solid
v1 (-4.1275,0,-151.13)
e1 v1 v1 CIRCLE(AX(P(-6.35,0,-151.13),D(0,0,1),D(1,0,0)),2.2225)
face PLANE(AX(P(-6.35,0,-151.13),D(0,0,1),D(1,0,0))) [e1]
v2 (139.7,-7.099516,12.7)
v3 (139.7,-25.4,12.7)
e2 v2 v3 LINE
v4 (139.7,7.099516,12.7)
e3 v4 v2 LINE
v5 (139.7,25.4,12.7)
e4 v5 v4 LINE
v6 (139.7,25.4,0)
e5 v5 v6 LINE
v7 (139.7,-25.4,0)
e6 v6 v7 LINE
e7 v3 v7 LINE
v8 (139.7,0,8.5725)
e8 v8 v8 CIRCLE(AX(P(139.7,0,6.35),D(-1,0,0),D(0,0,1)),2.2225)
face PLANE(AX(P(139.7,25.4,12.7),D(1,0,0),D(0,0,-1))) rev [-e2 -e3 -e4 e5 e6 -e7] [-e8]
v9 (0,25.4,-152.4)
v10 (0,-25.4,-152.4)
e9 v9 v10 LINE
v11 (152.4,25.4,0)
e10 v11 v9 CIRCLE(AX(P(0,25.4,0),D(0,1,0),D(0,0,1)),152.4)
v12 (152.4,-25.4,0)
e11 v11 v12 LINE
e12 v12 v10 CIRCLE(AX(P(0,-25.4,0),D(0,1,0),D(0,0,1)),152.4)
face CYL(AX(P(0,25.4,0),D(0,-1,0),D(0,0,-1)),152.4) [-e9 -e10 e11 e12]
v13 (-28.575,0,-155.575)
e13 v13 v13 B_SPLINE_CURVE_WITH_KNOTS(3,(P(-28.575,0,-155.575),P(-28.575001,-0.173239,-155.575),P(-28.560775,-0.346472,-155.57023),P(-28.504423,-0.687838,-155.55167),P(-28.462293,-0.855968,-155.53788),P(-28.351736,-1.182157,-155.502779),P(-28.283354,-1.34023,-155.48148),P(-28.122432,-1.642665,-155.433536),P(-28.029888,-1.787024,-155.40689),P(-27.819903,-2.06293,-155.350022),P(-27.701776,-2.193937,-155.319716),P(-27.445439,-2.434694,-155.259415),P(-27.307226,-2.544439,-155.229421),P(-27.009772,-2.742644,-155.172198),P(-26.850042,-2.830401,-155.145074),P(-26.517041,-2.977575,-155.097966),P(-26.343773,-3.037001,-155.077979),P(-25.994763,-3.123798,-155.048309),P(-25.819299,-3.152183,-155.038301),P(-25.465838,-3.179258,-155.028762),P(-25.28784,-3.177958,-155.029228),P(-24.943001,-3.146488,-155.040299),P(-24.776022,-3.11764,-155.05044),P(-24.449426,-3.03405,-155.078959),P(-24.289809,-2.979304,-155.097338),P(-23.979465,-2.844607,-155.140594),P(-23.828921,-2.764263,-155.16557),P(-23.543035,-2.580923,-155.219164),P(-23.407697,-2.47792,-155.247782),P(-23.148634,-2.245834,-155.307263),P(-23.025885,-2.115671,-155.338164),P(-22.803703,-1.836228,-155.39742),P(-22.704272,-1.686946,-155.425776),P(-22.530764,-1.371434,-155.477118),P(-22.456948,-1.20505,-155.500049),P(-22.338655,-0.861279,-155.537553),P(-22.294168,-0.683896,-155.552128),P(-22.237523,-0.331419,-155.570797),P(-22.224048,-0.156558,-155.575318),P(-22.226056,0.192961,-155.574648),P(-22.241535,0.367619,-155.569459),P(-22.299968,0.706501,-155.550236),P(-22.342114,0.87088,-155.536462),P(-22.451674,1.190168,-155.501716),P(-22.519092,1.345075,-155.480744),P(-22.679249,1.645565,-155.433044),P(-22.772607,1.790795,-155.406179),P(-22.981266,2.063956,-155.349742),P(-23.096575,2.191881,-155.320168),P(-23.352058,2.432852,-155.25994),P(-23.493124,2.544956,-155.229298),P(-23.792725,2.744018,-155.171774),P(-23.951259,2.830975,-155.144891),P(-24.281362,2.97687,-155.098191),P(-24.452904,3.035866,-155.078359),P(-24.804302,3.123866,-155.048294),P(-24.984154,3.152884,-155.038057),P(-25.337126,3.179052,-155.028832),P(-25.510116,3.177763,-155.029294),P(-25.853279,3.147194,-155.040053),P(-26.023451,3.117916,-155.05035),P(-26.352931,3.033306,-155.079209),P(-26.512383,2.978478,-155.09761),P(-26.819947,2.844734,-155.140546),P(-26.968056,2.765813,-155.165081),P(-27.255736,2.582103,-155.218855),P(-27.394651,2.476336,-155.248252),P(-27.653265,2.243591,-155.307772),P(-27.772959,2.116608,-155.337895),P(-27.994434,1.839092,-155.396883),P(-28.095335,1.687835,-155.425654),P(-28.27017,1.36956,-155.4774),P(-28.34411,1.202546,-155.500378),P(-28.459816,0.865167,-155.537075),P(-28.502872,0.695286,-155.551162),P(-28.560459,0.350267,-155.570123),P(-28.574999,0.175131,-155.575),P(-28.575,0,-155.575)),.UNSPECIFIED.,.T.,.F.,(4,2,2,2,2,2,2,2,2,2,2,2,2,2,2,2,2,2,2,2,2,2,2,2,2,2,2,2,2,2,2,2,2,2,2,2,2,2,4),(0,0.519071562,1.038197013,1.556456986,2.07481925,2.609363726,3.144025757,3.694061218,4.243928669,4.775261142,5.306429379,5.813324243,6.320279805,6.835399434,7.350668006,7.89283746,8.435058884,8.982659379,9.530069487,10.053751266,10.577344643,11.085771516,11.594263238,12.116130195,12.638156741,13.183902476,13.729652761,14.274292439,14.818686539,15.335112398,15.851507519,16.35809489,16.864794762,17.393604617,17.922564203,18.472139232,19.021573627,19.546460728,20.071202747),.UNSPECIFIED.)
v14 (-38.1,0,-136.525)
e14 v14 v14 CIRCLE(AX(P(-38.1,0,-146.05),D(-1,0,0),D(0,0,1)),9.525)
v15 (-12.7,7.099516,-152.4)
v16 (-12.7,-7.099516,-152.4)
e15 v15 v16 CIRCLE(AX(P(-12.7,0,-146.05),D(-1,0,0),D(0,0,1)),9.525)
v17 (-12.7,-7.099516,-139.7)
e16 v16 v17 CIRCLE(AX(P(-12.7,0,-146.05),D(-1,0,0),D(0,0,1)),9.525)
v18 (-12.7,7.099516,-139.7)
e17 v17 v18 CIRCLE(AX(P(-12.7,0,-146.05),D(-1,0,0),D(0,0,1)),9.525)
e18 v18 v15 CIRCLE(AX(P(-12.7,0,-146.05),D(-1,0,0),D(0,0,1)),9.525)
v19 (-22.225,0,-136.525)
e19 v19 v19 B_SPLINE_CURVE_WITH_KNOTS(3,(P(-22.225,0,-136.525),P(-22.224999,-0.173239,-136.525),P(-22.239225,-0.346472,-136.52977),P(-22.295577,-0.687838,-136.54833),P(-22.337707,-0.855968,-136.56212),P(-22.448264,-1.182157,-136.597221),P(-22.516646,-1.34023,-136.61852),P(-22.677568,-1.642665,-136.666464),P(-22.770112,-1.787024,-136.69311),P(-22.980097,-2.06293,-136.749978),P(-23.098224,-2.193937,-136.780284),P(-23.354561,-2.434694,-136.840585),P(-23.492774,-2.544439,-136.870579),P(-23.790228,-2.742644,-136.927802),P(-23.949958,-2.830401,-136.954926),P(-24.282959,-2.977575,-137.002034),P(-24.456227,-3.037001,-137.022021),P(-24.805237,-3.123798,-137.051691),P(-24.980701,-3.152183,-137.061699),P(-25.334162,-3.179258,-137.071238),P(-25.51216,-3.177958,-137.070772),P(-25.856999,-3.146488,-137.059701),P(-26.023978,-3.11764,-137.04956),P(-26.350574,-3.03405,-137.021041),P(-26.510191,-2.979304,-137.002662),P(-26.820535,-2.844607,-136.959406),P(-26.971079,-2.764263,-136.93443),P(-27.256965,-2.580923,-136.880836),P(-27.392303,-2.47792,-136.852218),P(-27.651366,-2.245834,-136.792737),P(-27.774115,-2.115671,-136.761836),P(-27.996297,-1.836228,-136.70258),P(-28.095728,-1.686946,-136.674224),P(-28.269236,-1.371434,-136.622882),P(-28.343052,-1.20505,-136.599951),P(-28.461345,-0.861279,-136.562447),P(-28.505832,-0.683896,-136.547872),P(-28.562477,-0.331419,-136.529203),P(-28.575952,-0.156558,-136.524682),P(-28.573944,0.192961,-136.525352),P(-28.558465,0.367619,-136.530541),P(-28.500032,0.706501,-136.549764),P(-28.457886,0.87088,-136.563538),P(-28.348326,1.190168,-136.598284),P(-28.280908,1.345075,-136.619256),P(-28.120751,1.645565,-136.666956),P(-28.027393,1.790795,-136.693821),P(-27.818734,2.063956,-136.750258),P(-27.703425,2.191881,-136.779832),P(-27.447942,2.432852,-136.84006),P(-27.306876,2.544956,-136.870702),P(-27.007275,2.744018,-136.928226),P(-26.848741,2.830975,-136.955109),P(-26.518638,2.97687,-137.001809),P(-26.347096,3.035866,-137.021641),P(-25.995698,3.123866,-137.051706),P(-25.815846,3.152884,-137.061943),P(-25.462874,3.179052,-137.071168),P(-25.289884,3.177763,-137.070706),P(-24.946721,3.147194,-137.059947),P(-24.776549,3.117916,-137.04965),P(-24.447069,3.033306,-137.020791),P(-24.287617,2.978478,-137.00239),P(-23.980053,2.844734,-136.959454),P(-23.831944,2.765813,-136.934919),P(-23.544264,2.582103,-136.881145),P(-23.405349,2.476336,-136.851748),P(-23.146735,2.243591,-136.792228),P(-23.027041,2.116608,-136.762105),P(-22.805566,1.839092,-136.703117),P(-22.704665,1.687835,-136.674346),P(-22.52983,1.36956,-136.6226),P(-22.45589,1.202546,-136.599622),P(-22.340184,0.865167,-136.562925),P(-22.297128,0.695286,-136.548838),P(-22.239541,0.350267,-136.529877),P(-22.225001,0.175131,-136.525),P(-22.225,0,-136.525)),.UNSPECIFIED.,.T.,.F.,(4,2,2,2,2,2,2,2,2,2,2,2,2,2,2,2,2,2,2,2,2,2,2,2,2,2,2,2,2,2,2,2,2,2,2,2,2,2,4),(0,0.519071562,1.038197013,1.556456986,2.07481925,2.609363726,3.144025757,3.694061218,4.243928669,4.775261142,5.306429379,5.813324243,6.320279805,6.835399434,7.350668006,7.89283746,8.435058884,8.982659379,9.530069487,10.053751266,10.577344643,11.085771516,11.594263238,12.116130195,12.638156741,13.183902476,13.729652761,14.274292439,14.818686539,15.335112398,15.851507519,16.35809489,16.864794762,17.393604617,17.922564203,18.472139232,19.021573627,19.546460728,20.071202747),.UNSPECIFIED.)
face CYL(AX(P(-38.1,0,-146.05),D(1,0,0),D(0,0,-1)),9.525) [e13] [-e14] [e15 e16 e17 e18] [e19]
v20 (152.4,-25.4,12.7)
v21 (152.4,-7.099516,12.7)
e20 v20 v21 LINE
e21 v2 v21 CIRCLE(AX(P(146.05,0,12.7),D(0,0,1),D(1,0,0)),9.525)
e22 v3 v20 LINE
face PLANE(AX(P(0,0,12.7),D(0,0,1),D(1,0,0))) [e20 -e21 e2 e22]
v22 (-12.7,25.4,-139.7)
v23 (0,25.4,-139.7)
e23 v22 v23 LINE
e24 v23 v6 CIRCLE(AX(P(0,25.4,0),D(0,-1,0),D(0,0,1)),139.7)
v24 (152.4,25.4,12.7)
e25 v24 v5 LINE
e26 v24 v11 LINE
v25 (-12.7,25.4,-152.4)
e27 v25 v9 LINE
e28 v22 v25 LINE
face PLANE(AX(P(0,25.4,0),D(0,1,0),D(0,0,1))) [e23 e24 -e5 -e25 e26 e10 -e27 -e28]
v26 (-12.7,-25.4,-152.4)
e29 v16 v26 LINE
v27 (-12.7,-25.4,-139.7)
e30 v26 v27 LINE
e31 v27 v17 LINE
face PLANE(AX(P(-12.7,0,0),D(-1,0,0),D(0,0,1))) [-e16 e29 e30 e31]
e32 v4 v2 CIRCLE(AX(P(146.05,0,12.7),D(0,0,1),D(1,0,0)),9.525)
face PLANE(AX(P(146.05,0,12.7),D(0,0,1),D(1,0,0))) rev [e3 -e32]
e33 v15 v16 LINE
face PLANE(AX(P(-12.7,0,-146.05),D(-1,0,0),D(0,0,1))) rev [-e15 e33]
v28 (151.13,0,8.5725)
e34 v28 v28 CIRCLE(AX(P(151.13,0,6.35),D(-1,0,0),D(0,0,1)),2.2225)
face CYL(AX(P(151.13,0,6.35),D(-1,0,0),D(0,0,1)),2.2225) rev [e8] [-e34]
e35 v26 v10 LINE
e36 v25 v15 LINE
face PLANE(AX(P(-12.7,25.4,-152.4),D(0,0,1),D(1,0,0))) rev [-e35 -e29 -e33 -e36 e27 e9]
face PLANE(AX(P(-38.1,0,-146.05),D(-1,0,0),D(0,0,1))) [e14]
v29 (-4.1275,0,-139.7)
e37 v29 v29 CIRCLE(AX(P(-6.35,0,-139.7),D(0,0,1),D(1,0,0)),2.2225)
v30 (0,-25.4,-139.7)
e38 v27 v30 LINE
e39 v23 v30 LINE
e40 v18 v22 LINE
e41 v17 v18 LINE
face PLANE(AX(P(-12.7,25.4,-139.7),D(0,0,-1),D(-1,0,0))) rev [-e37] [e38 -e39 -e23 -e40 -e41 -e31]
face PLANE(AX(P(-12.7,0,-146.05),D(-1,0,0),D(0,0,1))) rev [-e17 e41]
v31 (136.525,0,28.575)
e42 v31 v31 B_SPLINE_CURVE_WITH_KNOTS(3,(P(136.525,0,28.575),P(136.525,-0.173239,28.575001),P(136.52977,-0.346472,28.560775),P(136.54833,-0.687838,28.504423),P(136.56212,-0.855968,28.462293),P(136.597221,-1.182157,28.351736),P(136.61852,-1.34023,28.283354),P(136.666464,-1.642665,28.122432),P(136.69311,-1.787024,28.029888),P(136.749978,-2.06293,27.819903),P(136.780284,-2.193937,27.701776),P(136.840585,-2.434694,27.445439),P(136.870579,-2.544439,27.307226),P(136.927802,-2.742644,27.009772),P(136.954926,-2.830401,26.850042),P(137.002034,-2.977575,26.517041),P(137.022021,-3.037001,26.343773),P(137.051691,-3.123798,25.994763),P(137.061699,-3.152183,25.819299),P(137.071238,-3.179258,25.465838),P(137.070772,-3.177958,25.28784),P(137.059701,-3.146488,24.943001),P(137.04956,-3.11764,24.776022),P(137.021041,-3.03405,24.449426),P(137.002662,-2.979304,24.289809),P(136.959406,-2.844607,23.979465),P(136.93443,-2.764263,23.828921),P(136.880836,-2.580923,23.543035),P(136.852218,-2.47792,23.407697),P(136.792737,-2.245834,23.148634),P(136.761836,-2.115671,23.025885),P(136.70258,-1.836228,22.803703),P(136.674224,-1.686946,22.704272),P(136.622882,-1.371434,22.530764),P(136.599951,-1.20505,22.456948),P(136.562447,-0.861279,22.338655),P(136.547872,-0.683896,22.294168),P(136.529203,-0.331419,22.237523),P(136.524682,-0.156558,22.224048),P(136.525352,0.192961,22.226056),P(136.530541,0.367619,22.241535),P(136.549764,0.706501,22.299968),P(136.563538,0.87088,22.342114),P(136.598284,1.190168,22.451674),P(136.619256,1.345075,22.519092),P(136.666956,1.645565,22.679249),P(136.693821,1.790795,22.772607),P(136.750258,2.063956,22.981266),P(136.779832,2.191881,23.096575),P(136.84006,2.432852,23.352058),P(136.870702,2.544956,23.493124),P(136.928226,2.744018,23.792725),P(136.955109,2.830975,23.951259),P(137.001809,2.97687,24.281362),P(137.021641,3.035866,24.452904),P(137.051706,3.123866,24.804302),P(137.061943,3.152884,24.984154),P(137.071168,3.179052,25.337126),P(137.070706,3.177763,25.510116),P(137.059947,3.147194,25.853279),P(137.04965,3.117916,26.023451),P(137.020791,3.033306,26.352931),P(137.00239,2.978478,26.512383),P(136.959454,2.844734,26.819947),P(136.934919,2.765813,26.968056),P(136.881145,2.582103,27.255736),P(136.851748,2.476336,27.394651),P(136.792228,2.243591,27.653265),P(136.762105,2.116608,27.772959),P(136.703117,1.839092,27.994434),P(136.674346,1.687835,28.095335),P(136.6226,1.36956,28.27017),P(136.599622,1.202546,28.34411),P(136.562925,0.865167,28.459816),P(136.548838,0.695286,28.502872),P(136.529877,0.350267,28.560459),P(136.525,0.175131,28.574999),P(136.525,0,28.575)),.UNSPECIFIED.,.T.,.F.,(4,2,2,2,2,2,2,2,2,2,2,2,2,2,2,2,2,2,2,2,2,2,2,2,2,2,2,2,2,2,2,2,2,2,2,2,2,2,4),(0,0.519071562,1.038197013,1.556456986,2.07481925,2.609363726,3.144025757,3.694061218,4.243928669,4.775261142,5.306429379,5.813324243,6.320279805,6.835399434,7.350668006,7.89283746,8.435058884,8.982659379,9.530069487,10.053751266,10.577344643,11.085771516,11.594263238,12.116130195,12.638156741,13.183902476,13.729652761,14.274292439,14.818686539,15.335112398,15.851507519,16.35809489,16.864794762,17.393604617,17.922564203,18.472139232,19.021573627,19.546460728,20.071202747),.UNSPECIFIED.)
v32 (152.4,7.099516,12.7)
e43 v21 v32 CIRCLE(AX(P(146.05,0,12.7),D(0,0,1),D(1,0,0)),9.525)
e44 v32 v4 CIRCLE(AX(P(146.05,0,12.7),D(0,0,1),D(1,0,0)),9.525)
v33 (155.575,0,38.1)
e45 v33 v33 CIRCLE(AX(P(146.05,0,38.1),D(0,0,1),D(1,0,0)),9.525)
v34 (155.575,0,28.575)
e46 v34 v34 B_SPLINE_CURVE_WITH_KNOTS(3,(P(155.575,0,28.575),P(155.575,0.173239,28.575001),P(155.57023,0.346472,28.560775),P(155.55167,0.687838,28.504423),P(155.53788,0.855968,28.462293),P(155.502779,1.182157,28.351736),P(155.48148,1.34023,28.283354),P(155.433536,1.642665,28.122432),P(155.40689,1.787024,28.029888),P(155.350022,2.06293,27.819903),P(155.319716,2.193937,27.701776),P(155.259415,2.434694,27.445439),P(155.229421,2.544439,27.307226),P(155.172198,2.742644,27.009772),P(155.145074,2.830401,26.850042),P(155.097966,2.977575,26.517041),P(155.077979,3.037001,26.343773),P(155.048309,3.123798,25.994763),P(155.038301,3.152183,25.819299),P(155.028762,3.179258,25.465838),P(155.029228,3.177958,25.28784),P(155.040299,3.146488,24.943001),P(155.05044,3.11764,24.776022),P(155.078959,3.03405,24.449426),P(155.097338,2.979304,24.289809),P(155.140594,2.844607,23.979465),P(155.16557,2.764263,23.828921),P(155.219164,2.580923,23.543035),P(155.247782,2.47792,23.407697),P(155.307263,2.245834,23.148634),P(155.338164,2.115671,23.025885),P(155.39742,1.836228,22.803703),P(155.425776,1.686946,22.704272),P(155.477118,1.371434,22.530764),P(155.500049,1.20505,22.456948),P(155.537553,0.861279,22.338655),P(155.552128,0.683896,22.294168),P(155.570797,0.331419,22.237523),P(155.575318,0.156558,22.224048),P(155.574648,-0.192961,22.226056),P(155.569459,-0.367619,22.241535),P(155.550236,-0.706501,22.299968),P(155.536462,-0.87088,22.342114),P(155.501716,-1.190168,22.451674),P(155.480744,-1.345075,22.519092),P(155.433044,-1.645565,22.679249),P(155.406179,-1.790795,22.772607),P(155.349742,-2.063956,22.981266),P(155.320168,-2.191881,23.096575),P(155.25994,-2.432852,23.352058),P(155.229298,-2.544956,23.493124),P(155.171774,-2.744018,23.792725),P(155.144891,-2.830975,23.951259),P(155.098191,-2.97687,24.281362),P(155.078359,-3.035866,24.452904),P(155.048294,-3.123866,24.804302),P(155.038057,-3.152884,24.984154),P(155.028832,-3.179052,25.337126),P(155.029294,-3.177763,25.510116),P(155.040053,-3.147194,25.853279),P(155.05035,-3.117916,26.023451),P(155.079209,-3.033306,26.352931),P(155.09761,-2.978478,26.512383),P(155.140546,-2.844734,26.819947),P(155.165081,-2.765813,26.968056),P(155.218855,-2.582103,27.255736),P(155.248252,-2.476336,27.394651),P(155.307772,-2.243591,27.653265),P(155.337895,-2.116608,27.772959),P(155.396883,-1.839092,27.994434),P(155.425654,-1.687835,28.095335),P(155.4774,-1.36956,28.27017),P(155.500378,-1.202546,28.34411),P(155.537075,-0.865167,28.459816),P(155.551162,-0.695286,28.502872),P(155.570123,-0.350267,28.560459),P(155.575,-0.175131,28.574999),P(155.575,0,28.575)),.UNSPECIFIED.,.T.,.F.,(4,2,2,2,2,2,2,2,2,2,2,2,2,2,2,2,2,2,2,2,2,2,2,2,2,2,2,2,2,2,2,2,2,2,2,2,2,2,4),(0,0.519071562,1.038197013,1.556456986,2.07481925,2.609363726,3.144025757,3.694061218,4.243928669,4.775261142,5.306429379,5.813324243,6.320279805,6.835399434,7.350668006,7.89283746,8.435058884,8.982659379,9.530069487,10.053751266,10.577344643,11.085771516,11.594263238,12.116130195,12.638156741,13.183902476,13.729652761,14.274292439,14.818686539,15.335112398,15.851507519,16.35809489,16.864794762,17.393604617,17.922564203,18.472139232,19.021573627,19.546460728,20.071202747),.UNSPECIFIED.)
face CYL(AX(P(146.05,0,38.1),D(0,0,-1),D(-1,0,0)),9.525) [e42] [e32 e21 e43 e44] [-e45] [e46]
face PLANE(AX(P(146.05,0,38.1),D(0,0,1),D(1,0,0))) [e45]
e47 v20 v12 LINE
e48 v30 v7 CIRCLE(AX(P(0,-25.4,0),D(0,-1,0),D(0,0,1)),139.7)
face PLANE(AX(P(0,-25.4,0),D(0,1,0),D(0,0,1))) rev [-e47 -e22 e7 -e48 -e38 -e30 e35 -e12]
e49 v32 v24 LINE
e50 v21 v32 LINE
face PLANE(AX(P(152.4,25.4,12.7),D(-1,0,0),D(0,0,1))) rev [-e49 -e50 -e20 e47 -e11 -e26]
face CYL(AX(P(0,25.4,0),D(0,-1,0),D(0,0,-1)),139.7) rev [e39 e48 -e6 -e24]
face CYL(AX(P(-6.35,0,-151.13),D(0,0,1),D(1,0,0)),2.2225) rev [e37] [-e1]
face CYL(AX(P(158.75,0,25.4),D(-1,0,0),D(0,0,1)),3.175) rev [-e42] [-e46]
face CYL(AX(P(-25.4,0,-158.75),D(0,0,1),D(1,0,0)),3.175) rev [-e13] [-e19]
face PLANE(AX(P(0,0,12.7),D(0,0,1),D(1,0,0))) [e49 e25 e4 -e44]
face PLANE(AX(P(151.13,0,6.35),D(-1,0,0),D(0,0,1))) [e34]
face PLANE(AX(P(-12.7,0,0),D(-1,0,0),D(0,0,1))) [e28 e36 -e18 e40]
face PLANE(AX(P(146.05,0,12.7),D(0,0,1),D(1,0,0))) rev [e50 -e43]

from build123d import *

# Parameters (mm, degrees)
BOSS_EXTRUDE1_DEPTH = 25.4
SKETCH2_W           = 12.7
SKETCH2_H           = 50.8
BOSS_EXTRUDE2_DEPTH = 12.7
SKETCH3_W           = 12.7
SKETCH3_H           = 50.8
BOSS_EXTRUDE3_DEPTH = 12.7
SKETCH4_R           = 9.525
BOSS_EXTRUDE4_DEPTH = 25.4
SKETCH5_R           = 3.175
CUT_EXTRUDE1_DEPTH  = 19.05
SKETCH6_R           = 9.525
BOSS_EXTRUDE5_DEPTH = 25.4
SKETCH7_R           = 3.175
CUT_EXTRUDE2_DEPTH  = 19.05
SKETCH8_R           = 2.2225
CUT_EXTRUDE3_DEPTH  = 11.43
SKETCH9_R           = 2.2225
CUT_EXTRUDE4_DEPTH  = 11.43


with BuildPart() as part:
    # Sketch1 → Boss-Extrude1 (new, symmetric)
    with BuildSketch(Plane(origin=(0, 0, 0), x_dir=(1, 0, 0), z_dir=(0, 1, 0))):
        with BuildLine():
            Line((0, 152.4), (0, 139.7))
            ThreePointArc((0, 139.7), (98.782817332, 98.782817332), (139.7, 0))
            Line((139.7, 0), (152.4, 0))
            ThreePointArc((152.4, 0), (107.763073453, 107.763073453), (0, 152.4))
        make_face()
    extrude(amount=BOSS_EXTRUDE1_DEPTH, both=True)

    # Sketch2 → Boss-Extrude2 (add)
    with BuildSketch(Plane.ZY):
        with Locations((-146.05, 0)):
            Rectangle(SKETCH2_W, SKETCH2_H)
    extrude(amount=BOSS_EXTRUDE2_DEPTH)

    # Sketch3 → Boss-Extrude3 (add)
    with BuildSketch(Plane.XY):
        with Locations((146.05, 0)):
            Rectangle(SKETCH3_W, SKETCH3_H)
    extrude(amount=BOSS_EXTRUDE3_DEPTH)

    # Sketch4 → Boss-Extrude4 (add)
    with BuildSketch(Plane.ZY.offset(12.7)):
        with Locations(Location((-146.05, 0, 0), (0, 0, 131.810314896))):
            Circle(SKETCH4_R)
    extrude(amount=BOSS_EXTRUDE4_DEPTH)

    # Sketch5 → Cut-Extrude1 (cut, symmetric)
    with BuildSketch(Plane.XY.offset(-139.7)):
        with Locations((-25.4, 0)):
            Circle(SKETCH5_R)
    extrude(amount=CUT_EXTRUDE1_DEPTH, both=True, mode=Mode.SUBTRACT)

    # Sketch6 → Boss-Extrude5 (add)
    with BuildSketch(Plane.XY.offset(12.7)):
        with Locations(Location((146.05, 0, 0), (0, 0, 131.810314896))):
            Circle(SKETCH6_R)
    extrude(amount=BOSS_EXTRUDE5_DEPTH)

    # Sketch7 → Cut-Extrude2 (cut, symmetric)
    with BuildSketch(Plane.ZY.offset(-139.7)):
        with Locations((25.4, 0)):
            Circle(SKETCH7_R)
    extrude(amount=CUT_EXTRUDE2_DEPTH, both=True, mode=Mode.SUBTRACT)

    # Sketch8 → Cut-Extrude3 (cut)
    with BuildSketch(Plane.XY.offset(-139.7)):
        with Locations((-6.35, 0)):
            Circle(SKETCH8_R)
    extrude(amount=-CUT_EXTRUDE3_DEPTH, mode=Mode.SUBTRACT)

    # Sketch9 → Cut-Extrude4 (cut)
    with BuildSketch(Plane.ZY.offset(-139.7)):
        with Locations((6.35, 0)):
            Circle(SKETCH9_R)
    extrude(amount=-CUT_EXTRUDE4_DEPTH, mode=Mode.SUBTRACT)


solid = part.part
